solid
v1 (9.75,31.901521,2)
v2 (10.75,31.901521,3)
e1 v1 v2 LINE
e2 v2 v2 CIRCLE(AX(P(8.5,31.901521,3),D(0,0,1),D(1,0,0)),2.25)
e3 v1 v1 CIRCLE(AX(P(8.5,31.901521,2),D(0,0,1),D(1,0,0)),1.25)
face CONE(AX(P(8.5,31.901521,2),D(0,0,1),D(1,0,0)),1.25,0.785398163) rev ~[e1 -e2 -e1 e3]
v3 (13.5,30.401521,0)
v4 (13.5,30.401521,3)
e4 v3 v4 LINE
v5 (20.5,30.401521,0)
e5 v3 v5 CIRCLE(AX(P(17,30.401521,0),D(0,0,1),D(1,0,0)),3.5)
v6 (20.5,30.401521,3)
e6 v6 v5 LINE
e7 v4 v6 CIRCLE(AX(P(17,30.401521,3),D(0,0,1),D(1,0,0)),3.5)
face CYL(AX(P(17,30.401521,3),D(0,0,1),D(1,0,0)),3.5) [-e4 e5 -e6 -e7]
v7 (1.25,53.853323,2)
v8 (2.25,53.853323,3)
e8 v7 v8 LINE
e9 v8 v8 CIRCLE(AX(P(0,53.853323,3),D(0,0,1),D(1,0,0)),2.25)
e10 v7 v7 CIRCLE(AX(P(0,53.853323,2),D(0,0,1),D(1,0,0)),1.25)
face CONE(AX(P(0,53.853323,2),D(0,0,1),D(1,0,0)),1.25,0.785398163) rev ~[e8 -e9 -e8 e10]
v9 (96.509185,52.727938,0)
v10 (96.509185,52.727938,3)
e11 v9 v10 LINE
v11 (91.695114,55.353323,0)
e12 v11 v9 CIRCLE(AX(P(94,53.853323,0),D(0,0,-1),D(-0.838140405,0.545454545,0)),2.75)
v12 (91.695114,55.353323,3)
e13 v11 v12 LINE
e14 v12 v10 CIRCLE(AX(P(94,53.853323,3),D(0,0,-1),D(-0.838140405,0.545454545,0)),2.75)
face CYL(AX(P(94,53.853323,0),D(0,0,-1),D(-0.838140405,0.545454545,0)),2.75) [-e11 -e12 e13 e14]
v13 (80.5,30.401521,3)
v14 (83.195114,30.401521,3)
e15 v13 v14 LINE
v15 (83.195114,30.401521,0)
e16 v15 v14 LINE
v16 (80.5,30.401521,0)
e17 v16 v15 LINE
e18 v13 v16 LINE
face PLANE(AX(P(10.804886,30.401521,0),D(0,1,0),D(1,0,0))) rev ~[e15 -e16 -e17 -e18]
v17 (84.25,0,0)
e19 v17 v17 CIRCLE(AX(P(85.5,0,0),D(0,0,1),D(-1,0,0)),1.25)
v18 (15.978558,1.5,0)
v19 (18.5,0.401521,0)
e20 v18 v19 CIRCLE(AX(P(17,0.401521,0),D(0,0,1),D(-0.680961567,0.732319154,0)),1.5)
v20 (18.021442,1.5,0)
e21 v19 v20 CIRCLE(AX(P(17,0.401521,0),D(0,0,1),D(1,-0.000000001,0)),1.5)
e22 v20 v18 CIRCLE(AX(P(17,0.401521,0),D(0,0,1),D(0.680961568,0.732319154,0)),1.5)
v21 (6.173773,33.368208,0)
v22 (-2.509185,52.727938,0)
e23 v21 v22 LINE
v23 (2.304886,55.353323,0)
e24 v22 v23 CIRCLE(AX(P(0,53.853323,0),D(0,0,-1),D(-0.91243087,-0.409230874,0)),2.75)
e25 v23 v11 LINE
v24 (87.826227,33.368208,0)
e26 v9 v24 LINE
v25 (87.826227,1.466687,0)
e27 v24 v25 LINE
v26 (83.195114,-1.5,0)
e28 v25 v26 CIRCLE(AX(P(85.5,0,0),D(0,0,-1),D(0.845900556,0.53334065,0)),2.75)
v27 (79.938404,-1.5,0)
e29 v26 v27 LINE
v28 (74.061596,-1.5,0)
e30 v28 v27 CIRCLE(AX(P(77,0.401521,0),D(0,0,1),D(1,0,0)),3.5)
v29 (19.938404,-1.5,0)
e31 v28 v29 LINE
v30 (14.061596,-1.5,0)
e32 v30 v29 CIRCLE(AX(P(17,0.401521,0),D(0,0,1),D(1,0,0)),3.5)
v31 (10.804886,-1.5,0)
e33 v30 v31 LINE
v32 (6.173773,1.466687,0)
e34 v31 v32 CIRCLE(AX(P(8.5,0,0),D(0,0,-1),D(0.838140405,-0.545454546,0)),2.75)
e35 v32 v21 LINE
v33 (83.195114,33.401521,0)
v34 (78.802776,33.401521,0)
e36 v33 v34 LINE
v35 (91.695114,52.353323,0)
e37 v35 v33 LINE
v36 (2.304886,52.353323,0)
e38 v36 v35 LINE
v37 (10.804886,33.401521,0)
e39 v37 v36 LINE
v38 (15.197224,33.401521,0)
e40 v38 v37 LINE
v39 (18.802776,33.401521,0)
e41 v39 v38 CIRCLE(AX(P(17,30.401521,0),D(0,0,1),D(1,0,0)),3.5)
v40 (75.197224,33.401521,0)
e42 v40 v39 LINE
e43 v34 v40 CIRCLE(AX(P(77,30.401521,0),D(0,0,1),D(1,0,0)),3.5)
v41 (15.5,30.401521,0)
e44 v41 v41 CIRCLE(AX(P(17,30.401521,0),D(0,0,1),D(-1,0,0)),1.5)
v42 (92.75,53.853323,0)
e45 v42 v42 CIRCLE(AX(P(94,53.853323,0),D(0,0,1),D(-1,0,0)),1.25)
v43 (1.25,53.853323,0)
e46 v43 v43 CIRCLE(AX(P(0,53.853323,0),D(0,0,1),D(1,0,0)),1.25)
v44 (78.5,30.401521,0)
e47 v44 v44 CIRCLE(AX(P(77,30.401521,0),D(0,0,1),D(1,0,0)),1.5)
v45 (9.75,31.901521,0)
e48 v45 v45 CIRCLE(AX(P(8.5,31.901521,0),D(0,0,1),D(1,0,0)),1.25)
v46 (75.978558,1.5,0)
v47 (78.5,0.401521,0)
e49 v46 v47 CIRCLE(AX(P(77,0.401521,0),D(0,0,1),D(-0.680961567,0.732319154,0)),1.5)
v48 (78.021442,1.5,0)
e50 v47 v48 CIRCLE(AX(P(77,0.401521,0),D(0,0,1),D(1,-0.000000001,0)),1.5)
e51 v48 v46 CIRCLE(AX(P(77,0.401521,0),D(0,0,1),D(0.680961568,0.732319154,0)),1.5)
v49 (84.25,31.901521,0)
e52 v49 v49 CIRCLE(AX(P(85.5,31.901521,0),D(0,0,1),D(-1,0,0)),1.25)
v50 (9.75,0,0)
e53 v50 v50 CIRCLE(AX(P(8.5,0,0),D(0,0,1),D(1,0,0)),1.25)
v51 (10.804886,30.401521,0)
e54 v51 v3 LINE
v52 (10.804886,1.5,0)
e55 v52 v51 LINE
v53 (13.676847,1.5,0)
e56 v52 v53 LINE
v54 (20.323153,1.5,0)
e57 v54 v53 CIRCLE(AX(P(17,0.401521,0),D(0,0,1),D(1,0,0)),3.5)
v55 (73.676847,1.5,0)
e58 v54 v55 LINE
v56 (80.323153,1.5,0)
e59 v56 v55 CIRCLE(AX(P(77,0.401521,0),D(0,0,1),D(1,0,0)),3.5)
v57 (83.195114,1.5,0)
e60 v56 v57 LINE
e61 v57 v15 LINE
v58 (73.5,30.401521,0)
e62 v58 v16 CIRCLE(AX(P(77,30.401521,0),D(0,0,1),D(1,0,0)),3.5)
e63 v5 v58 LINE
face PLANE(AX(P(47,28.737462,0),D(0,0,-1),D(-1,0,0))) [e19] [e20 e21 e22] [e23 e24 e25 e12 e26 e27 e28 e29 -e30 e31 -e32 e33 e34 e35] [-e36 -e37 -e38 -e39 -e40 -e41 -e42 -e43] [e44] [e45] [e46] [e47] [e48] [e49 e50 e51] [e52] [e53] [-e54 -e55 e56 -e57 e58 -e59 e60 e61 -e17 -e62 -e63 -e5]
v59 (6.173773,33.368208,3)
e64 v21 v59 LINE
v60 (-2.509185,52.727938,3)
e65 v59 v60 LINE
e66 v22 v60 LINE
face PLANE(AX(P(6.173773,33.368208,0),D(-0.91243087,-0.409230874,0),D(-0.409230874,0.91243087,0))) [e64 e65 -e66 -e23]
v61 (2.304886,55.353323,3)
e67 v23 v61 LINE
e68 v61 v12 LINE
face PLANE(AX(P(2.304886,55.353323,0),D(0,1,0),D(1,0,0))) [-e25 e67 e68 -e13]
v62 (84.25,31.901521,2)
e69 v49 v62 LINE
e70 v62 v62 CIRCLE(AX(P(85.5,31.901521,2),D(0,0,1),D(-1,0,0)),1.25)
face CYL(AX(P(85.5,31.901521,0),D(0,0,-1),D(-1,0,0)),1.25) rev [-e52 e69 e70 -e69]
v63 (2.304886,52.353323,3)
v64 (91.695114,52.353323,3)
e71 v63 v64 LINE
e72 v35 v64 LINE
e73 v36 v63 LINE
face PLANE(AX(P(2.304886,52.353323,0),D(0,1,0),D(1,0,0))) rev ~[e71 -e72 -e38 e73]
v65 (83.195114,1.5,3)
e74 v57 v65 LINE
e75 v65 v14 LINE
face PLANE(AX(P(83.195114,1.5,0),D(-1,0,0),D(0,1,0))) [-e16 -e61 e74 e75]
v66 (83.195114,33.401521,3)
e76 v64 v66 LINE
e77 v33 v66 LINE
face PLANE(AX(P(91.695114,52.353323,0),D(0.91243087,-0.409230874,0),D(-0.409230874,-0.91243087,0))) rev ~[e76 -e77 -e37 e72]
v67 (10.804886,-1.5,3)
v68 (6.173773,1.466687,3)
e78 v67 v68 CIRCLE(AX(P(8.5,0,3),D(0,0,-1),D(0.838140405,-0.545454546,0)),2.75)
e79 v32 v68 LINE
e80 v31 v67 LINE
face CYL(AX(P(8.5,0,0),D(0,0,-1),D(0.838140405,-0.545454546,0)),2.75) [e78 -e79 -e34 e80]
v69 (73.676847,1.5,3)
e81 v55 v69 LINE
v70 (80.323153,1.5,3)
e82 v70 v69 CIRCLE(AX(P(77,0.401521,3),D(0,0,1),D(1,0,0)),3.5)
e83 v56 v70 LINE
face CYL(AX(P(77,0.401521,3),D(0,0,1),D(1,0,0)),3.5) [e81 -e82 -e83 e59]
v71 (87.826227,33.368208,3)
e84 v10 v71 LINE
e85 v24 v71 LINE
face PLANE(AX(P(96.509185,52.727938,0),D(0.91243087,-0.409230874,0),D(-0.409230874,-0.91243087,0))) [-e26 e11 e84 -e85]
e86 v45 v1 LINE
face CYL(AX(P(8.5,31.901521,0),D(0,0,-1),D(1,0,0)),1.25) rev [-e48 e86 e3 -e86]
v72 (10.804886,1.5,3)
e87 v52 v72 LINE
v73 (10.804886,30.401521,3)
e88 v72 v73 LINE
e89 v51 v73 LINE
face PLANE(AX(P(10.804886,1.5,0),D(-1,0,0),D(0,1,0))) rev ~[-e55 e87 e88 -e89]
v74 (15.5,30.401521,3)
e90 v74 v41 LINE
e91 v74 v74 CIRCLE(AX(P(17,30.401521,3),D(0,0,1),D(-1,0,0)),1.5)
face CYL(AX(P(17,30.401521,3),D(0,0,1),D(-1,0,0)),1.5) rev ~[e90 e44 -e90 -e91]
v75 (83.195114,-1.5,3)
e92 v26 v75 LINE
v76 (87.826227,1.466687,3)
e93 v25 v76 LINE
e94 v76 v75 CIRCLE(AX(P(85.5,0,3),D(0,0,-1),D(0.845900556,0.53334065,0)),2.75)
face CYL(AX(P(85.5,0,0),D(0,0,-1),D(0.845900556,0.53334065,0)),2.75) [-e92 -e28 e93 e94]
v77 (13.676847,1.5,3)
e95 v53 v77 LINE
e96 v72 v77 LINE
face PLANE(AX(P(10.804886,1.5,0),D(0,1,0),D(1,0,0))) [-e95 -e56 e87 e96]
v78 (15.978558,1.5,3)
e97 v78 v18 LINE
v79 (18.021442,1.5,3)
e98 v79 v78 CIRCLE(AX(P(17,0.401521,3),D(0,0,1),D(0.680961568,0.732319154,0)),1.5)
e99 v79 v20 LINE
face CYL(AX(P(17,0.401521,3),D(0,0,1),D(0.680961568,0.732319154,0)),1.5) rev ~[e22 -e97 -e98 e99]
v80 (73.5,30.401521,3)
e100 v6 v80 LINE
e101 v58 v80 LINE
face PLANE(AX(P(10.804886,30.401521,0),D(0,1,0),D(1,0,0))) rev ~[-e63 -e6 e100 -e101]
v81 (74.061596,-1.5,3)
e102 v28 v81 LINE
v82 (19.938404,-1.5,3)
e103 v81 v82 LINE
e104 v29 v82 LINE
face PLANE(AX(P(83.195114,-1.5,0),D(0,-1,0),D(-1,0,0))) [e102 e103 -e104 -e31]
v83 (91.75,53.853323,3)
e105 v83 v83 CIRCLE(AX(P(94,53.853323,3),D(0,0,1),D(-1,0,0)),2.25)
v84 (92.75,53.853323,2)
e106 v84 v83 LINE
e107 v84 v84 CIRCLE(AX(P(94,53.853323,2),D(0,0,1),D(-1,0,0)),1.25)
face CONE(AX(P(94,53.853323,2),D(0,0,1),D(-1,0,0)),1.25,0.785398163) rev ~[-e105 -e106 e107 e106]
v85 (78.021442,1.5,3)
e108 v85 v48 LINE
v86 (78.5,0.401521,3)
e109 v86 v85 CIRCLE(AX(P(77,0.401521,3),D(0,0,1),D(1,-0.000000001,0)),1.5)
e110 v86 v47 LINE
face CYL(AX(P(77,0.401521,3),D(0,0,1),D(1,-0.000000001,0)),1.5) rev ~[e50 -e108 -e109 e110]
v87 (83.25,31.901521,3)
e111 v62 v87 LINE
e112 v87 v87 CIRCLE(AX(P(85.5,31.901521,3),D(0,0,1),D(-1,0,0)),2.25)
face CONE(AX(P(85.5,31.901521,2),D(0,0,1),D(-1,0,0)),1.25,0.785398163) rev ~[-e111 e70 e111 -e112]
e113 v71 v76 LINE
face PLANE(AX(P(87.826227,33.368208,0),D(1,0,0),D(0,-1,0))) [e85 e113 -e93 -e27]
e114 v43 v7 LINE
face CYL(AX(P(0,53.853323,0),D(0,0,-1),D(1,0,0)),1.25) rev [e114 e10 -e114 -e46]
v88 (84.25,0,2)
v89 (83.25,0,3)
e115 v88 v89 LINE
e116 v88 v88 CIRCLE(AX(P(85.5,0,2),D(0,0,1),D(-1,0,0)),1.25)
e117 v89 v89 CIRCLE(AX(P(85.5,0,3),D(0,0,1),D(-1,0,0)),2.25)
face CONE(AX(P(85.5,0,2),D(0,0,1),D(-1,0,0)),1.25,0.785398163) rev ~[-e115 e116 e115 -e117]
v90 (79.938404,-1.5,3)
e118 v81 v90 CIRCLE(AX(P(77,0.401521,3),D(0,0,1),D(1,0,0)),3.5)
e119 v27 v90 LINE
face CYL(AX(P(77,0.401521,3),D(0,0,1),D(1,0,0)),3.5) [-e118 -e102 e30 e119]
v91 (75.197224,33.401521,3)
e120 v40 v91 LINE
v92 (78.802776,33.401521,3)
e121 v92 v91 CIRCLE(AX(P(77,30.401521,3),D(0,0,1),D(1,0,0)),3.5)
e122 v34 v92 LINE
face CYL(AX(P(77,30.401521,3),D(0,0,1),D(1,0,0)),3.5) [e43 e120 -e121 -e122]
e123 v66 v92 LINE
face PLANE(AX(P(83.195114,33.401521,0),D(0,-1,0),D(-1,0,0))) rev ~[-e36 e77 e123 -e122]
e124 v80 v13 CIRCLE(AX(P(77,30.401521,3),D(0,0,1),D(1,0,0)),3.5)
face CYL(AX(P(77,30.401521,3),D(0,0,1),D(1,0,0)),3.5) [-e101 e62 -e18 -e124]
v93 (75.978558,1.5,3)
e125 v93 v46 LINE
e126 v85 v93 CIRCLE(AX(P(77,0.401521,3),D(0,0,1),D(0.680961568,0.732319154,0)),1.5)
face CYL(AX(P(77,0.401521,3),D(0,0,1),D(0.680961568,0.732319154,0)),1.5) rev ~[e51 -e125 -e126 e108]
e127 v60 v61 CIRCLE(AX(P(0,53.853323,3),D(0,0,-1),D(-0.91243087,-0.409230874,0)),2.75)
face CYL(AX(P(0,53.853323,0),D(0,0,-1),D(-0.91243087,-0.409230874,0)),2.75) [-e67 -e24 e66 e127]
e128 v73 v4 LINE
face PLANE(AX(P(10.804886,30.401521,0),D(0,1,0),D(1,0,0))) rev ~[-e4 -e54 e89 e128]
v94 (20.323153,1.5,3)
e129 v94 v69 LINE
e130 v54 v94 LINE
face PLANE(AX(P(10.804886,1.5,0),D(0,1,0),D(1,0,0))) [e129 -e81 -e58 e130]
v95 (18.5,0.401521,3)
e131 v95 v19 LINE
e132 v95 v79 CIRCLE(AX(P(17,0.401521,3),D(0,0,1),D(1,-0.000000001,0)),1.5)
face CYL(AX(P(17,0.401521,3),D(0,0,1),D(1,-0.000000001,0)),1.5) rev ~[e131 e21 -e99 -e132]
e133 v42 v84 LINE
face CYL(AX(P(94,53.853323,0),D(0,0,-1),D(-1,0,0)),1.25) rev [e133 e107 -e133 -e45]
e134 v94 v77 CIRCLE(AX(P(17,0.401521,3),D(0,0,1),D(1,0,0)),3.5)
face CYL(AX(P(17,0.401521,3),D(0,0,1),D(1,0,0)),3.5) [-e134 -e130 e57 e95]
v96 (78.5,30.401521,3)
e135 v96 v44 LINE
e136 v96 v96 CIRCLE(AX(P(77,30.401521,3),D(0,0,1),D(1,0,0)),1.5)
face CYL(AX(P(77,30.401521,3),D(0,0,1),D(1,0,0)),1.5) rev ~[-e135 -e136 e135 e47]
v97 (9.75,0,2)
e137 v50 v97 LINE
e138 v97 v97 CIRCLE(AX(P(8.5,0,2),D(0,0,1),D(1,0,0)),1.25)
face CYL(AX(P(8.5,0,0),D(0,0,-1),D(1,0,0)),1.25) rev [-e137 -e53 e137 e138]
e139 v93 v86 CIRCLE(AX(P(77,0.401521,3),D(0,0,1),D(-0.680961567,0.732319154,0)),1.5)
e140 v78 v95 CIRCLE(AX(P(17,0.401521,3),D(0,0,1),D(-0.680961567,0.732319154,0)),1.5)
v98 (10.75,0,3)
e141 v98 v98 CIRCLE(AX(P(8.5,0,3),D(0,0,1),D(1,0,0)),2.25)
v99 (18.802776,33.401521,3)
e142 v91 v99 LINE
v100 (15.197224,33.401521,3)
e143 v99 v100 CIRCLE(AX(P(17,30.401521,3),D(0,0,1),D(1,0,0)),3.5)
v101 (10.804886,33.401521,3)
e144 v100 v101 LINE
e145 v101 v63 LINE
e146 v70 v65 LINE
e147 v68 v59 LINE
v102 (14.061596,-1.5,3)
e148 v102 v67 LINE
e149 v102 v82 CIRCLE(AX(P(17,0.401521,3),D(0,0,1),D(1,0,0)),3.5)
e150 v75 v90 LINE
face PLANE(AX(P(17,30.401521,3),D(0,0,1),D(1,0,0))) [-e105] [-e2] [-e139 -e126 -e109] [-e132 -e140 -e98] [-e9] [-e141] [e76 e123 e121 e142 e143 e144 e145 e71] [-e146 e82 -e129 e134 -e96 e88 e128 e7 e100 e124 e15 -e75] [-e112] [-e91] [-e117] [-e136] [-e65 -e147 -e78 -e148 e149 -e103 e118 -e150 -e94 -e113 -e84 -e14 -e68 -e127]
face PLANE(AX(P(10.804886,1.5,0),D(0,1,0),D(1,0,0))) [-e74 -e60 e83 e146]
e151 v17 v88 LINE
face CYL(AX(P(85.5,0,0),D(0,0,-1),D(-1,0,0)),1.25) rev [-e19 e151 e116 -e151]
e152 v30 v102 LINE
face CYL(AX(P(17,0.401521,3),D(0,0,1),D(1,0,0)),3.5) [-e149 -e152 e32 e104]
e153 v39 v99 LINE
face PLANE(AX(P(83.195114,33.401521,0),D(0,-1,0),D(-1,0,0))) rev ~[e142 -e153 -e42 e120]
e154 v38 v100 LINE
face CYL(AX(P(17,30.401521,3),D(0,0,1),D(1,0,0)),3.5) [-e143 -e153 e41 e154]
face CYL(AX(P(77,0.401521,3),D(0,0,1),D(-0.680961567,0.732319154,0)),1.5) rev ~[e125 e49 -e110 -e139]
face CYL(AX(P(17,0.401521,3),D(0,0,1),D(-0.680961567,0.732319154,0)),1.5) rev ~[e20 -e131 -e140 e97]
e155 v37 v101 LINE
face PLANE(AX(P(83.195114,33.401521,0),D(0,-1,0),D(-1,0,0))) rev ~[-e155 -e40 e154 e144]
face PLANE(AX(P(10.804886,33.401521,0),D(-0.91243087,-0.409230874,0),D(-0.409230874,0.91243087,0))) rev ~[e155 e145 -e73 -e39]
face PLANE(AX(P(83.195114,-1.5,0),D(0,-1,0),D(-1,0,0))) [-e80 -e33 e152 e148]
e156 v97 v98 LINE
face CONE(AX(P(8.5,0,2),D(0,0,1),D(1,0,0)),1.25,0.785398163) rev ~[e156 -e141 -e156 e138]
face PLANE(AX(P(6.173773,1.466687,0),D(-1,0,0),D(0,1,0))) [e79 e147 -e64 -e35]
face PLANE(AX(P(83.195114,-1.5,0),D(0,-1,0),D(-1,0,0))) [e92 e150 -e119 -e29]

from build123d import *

# Parameters (mm, degrees)
SKETCH1_R           = 1.25
SKETCH1_W           = 72.390227772
SKETCH1_H           = 28.901521269
BOSS_EXTRUDE1_DEPTH = 3
CHAMFER1_SIZE       = 1
SKETCH2_R           = 3.5
BOSS_EXTRUDE2_DEPTH = 3
CUT_EXTRUDE1_DEPTH  = 3


with BuildPart() as part:
    # Sketch1 → Boss-Extrude1 (new body)
    with BuildSketch(Plane.XY):
        with BuildLine():
            Line((6.173773471, 33.368208058), (-2.509184891, 52.727938114))
            ThreePointArc((-2.509184891, 52.727938114), (-1.316660917, 56.267635348), (2.304886114, 55.353323017))
            Line((2.304886114, 55.353323017), (91.695113886, 55.353323017))
            ThreePointArc((91.695113886, 55.353323017), (95.316660917, 56.267635348), (96.509184891, 52.727938114))
            Line((96.509184891, 52.727938114), (87.826226529, 33.368208058))
            Line((87.826226529, 33.368208058), (87.826226529, 1.466686789))
            ThreePointArc((87.826226529, 1.466686789), (86.983381771, -2.315616229), (83.195113886, -1.5))
            Line((83.195113886, -1.5), (10.804886114, -1.5))
            ThreePointArc((10.804886114, -1.5), (7.016618229, -2.315616229), (6.173773471, 1.466686789))
            Line((6.173773471, 1.466686789), (6.173773471, 33.368208058))
        make_face()
        with Locations((0, 53.853323017)):
            Circle(SKETCH1_R, mode=Mode.SUBTRACT)
        with Locations((8.5, 31.901521269)):
            Circle(SKETCH1_R, mode=Mode.SUBTRACT)
        with Locations((8.5, 0)):
            Circle(SKETCH1_R, mode=Mode.SUBTRACT)
        with Locations(Location((85.5, 0, 0), (0, 0, 180))):
            Circle(SKETCH1_R, mode=Mode.SUBTRACT)
        with Locations(Location((85.5, 31.901521269, 0), (0, 0, 180))):
            Circle(SKETCH1_R, mode=Mode.SUBTRACT)
        with Locations(Location((94, 53.853323017, 0), (0, 0, 180))):
            Circle(SKETCH1_R, mode=Mode.SUBTRACT)
        Polygon((10.804886114, 33.401521269), (2.304886114, 52.353323017), (91.695113886, 52.353323017), (83.195113886, 33.401521269), align=None, mode=Mode.SUBTRACT)
        with Locations((47, 15.950760635)):
            Rectangle(SKETCH1_W, SKETCH1_H, mode=Mode.SUBTRACT)
    extrude(amount=BOSS_EXTRUDE1_DEPTH)

    # Chamfer1
    chamfer1_edges = [part.edges().sort_by_distance(p)[0] for p in [
        (-1.25, 53.853323017, 3),
        (7.25, 31.901521269, 3),
        (7.25, 0, 3),
        (86.75, 0, 3),
        (86.75, 31.901521269, 3),
        (95.25, 53.853323017, 3),
    ]]
    chamfer(chamfer1_edges, length=CHAMFER1_SIZE)

    # Sketch2 → Boss-Extrude2 (add)
    with BuildSketch(Plane.XY.offset(3)):
        with Locations((17, 30.401521269)):
            Circle(SKETCH2_R)
        with Locations((17, 0.401521269)):
            Circle(SKETCH2_R)
        with Locations((77, 30.401521269)):
            Circle(SKETCH2_R)
        with Locations((77, 0.401521269)):
            Circle(SKETCH2_R)
    extrude(amount=-BOSS_EXTRUDE2_DEPTH)

    # Sketch2<3> → Cut-Extrude1 (cut)
    with BuildSketch(Plane.XY.offset(3)):
        with BuildLine():
            Line((15.978557649, 1.5), (18.021442351, 1.5))
            ThreePointArc((18.021442351, 1.5), (17, 1.901521269), (15.978557649, 1.5))
        make_face()
        with BuildLine():
            ThreePointArc((18.5, 0.401521269), (18.375166086, 1.000619121), (18.021442351, 1.5))
            Line((18.021442351, 1.5), (15.978557649, 1.5))
            ThreePointArc((15.978557649, 1.5), (16.400902148, -0.973644817), (18.5, 0.401521269))
        make_face()
        with BuildLine():
            Line((15.5, 30.401521269), (18.5, 30.401521269))
            ThreePointArc((18.5, 30.401521269), (17, 31.901521269), (15.5, 30.401521269))
        make_face()
        with BuildLine():
            ThreePointArc((15.5, 30.401521269), (17, 28.901521269), (18.5, 30.401521269))
            Line((18.5, 30.401521269), (15.5, 30.401521269))
        make_face()
        with BuildLine():
            Line((78.5, 30.401521269), (75.5, 30.401521269))
            ThreePointArc((75.5, 30.401521269), (77, 28.901521269), (78.5, 30.401521269))
        make_face()
        with BuildLine():
            ThreePointArc((78.5, 30.401521269), (77, 31.901521269), (75.5, 30.401521269))
            Line((75.5, 30.401521269), (78.5, 30.401521269))
        make_face()
        with BuildLine():
            Line((78.021442351, 1.5), (75.978557649, 1.5))
            ThreePointArc((75.978557649, 1.5), (76.400902148, -0.973644817), (78.5, 0.401521269))
            ThreePointArc((78.5, 0.401521269), (78.375166086, 1.000619121), (78.021442351, 1.5))
        make_face()
        with BuildLine():
            ThreePointArc((78.021442351, 1.5), (77, 1.901521269), (75.978557649, 1.5))
            Line((75.978557649, 1.5), (78.021442351, 1.5))
        make_face()
    extrude(amount=-CUT_EXTRUDE1_DEPTH, mode=Mode.SUBTRACT)


solid = part.part
